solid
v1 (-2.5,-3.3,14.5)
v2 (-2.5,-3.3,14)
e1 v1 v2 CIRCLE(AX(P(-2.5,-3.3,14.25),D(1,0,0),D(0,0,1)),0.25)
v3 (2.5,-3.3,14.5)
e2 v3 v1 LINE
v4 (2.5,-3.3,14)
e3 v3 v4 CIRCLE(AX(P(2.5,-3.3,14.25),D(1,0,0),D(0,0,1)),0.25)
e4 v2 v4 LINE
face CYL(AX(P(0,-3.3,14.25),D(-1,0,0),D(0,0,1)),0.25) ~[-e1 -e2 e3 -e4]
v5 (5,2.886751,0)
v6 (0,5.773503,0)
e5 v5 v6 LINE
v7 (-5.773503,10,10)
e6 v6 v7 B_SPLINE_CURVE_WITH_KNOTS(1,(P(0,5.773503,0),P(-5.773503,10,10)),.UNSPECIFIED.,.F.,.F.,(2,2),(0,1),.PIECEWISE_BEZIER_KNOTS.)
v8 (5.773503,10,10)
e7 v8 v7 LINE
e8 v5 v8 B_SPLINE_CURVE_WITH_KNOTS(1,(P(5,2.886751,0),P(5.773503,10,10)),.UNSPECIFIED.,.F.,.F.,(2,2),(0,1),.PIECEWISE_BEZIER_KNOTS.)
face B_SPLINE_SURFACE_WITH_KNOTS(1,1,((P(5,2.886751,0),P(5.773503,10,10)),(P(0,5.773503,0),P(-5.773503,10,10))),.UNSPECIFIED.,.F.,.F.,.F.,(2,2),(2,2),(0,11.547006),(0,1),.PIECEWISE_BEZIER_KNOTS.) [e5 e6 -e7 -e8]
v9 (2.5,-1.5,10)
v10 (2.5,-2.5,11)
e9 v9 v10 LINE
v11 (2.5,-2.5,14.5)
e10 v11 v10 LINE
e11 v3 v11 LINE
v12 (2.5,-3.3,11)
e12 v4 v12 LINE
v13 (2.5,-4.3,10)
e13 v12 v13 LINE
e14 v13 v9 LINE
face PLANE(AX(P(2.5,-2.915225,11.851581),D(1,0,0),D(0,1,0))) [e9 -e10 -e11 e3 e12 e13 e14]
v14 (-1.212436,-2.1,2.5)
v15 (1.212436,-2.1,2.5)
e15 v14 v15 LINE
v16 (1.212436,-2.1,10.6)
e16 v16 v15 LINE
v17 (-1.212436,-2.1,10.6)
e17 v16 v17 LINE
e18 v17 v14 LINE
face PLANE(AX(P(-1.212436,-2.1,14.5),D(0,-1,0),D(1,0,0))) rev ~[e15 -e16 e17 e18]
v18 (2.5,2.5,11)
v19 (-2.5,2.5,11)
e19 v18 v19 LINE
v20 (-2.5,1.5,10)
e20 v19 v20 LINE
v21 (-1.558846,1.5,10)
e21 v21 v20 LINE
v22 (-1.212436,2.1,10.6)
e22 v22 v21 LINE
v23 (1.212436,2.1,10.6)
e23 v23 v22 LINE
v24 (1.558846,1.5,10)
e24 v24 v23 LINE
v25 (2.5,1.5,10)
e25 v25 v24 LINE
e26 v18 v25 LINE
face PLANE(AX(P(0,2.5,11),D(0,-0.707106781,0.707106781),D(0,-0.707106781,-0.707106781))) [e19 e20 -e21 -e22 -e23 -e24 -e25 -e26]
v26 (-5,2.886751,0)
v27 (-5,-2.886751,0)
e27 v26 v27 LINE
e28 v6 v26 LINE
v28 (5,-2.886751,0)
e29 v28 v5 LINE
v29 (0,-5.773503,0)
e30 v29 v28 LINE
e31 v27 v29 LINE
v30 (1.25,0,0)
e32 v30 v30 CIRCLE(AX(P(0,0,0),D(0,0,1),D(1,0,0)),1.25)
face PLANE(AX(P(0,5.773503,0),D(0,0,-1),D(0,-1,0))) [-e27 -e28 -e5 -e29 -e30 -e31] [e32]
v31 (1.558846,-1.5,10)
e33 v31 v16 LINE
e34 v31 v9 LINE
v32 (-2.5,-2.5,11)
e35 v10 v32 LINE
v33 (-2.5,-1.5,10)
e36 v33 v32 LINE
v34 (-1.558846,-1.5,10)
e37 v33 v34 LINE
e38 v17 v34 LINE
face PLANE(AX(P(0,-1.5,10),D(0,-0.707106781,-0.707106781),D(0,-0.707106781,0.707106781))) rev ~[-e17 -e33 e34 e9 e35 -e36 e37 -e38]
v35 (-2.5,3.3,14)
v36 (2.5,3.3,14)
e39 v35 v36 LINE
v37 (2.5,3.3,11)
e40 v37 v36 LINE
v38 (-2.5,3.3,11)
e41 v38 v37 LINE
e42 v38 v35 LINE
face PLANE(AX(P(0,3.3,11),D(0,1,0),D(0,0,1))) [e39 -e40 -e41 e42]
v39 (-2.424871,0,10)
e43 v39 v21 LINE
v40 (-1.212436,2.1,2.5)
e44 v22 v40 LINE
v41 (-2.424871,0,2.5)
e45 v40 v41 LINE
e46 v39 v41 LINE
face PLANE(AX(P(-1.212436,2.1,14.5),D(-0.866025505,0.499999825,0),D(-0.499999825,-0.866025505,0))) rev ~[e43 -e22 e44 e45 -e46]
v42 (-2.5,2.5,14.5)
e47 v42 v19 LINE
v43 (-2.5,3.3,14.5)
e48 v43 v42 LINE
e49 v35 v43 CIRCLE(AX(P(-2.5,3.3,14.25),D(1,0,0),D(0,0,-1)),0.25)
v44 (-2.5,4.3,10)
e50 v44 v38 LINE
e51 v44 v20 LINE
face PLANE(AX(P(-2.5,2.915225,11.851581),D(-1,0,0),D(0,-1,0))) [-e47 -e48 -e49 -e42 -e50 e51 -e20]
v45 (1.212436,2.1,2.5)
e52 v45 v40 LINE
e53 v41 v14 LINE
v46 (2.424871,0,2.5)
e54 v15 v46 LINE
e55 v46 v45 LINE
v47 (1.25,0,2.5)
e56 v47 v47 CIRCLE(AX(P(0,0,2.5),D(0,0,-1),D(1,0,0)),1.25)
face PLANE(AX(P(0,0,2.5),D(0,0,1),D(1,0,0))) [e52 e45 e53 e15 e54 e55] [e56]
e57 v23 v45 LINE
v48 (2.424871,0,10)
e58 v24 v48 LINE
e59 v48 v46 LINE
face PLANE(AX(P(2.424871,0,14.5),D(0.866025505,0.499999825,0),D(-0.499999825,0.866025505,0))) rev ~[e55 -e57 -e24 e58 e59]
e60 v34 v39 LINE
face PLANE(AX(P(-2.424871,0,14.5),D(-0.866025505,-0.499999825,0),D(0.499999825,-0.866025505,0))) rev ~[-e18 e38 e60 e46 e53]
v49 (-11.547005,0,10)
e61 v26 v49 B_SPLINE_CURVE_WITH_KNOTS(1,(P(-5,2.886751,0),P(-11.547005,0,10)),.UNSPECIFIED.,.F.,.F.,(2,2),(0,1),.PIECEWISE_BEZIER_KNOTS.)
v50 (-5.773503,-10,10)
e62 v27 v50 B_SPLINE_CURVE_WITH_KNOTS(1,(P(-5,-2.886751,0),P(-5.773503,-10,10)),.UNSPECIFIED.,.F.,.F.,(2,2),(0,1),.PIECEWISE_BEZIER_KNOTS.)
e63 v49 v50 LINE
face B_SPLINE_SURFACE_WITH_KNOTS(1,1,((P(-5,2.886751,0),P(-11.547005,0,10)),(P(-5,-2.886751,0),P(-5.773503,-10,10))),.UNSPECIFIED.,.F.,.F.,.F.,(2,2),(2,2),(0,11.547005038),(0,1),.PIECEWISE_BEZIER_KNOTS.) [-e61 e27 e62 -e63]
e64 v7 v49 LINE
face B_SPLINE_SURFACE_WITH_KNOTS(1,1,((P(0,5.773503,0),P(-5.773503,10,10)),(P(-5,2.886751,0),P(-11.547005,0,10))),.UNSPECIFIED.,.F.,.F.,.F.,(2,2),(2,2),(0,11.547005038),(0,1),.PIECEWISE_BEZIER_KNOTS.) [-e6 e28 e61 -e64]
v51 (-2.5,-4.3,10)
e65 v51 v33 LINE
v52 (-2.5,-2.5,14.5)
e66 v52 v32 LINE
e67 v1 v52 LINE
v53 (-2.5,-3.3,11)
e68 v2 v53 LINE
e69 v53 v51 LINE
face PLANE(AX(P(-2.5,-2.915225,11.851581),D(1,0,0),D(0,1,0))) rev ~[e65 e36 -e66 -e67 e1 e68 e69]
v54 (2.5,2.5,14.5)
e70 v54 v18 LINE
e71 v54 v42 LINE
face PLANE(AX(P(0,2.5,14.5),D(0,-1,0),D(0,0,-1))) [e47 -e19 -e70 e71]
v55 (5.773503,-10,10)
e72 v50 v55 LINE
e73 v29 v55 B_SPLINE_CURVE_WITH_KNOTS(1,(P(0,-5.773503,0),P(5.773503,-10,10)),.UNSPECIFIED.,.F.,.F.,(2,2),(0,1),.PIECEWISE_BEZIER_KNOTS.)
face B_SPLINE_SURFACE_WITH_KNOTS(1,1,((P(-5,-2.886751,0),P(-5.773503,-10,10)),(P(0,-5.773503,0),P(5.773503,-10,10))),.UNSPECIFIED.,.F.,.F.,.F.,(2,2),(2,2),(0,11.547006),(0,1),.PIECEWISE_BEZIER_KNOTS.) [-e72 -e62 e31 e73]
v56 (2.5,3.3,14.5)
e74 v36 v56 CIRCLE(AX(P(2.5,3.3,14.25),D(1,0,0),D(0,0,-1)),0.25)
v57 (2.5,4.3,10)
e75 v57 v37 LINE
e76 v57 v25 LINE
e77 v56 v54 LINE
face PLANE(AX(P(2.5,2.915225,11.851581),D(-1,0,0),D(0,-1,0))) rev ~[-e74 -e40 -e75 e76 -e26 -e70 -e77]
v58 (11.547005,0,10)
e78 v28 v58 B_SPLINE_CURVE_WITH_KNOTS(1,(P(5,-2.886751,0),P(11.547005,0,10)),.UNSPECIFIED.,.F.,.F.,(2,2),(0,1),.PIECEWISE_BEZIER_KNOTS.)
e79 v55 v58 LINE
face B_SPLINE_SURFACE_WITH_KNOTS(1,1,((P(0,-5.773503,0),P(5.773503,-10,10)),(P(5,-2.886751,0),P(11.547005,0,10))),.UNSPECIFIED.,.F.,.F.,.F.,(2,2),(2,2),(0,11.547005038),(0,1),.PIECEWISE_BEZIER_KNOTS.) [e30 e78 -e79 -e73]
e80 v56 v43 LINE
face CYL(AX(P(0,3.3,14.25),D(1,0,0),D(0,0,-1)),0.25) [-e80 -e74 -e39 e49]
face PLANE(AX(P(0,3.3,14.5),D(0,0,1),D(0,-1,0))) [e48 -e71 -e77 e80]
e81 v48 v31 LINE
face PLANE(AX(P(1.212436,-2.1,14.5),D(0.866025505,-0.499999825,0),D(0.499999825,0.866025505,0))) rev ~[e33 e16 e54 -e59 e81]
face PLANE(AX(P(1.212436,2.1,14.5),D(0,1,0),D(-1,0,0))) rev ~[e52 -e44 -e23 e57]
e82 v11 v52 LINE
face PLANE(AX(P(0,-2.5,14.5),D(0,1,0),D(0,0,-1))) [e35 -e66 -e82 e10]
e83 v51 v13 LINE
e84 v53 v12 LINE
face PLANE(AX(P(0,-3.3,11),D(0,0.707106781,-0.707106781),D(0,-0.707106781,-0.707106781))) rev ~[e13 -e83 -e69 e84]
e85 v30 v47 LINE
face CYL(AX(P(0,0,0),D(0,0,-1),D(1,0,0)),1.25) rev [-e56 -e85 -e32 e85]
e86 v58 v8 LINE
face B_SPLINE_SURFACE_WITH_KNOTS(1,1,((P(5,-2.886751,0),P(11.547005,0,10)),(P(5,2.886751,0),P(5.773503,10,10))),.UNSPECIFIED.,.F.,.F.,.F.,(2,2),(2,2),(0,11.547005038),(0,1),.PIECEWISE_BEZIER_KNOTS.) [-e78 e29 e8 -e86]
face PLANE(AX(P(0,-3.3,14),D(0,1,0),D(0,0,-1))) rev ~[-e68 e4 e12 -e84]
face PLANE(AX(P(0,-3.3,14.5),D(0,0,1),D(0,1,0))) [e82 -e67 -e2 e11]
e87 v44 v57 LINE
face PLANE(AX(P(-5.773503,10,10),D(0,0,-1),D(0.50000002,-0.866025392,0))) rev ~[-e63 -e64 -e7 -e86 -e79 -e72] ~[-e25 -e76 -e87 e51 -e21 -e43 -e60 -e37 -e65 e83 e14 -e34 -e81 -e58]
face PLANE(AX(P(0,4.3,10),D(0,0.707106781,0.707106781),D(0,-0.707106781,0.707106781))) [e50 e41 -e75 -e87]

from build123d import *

# Parameters (mm, degrees)
SKETCH004_R     = 1.25
POCKET_DEPTH    = 10.001
PAD_DEPTH       = 2.5
POCKET005_DEPTH = 12


with BuildPart() as part:
    # Sketch → AdditiveLoft section 0
    with BuildSketch(Plane.XY):
        Polygon((0, 5.773503), (-5, 2.886751), (-5, -2.886751), (0, -5.773503), (5, -2.886751), (5, 2.886751), align=None)
    # Sketch001 (on DatumPlane) → AdditiveLoft section 1
    with BuildSketch(Plane.XY.offset(10)):
        Polygon((-5.773503, 10), (-11.547005, 0), (-5.773503, -10), (5.773503, -10), (11.547005, 0), (5.773503, 10), align=None)
    loft()

    # Sketch004 → Pocket (cut, through all)
    with BuildSketch(Plane.XY):
        Circle(SKETCH004_R)
    extrude(amount=POCKET_DEPTH, mode=Mode.SUBTRACT)

    # Sketch020 (on DatumPlane) → Pad (join, symmetric)
    with BuildSketch(Plane(origin=(0, 0, 10), x_dir=(0, 1, 0), z_dir=(1, 0, 0))):
        with BuildLine():
            ThreePointArc((-3.3, 4.5), (-3.55, 4.25), (-3.3, 4))
            Line((-3.3, 4), (-3.3, 1))
            Line((-3.3, 1), (-4.3, 0))
            Line((-4.3, 0), (-1.5, 0))
            Line((-1.5, 0), (-2.5, 1))
            Line((-2.5, 4.5), (-2.5, 1))
            Line((-3.3, 4.5), (-2.5, 4.5))
        make_face()
        with BuildLine():
            Line((4.3, 0), (1.5, 0))
            Line((2.5, 1), (1.5, 0))
            Line((2.5, 4.5), (2.5, 1))
            Line((3.3, 4.5), (2.5, 4.5))
            ThreePointArc((3.3, 4), (3.55, 4.25), (3.3, 4.5))
            Line((3.3, 1), (3.3, 4))
            Line((4.3, 0), (3.3, 1))
        make_face()
    extrude(amount=PAD_DEPTH, both=True)

    # Sketch017 (on DatumPlane) → Pocket005 (cut)
    with BuildSketch(Plane.XY.offset(14.5)):
        Polygon((1.212436, 2.1), (-1.212436, 2.1), (-2.424871, 0), (-1.212436, -2.1), (1.212436, -2.1), (2.424871, 0), align=None)
    extrude(amount=-POCKET005_DEPTH, mode=Mode.SUBTRACT)


solid = part.part
